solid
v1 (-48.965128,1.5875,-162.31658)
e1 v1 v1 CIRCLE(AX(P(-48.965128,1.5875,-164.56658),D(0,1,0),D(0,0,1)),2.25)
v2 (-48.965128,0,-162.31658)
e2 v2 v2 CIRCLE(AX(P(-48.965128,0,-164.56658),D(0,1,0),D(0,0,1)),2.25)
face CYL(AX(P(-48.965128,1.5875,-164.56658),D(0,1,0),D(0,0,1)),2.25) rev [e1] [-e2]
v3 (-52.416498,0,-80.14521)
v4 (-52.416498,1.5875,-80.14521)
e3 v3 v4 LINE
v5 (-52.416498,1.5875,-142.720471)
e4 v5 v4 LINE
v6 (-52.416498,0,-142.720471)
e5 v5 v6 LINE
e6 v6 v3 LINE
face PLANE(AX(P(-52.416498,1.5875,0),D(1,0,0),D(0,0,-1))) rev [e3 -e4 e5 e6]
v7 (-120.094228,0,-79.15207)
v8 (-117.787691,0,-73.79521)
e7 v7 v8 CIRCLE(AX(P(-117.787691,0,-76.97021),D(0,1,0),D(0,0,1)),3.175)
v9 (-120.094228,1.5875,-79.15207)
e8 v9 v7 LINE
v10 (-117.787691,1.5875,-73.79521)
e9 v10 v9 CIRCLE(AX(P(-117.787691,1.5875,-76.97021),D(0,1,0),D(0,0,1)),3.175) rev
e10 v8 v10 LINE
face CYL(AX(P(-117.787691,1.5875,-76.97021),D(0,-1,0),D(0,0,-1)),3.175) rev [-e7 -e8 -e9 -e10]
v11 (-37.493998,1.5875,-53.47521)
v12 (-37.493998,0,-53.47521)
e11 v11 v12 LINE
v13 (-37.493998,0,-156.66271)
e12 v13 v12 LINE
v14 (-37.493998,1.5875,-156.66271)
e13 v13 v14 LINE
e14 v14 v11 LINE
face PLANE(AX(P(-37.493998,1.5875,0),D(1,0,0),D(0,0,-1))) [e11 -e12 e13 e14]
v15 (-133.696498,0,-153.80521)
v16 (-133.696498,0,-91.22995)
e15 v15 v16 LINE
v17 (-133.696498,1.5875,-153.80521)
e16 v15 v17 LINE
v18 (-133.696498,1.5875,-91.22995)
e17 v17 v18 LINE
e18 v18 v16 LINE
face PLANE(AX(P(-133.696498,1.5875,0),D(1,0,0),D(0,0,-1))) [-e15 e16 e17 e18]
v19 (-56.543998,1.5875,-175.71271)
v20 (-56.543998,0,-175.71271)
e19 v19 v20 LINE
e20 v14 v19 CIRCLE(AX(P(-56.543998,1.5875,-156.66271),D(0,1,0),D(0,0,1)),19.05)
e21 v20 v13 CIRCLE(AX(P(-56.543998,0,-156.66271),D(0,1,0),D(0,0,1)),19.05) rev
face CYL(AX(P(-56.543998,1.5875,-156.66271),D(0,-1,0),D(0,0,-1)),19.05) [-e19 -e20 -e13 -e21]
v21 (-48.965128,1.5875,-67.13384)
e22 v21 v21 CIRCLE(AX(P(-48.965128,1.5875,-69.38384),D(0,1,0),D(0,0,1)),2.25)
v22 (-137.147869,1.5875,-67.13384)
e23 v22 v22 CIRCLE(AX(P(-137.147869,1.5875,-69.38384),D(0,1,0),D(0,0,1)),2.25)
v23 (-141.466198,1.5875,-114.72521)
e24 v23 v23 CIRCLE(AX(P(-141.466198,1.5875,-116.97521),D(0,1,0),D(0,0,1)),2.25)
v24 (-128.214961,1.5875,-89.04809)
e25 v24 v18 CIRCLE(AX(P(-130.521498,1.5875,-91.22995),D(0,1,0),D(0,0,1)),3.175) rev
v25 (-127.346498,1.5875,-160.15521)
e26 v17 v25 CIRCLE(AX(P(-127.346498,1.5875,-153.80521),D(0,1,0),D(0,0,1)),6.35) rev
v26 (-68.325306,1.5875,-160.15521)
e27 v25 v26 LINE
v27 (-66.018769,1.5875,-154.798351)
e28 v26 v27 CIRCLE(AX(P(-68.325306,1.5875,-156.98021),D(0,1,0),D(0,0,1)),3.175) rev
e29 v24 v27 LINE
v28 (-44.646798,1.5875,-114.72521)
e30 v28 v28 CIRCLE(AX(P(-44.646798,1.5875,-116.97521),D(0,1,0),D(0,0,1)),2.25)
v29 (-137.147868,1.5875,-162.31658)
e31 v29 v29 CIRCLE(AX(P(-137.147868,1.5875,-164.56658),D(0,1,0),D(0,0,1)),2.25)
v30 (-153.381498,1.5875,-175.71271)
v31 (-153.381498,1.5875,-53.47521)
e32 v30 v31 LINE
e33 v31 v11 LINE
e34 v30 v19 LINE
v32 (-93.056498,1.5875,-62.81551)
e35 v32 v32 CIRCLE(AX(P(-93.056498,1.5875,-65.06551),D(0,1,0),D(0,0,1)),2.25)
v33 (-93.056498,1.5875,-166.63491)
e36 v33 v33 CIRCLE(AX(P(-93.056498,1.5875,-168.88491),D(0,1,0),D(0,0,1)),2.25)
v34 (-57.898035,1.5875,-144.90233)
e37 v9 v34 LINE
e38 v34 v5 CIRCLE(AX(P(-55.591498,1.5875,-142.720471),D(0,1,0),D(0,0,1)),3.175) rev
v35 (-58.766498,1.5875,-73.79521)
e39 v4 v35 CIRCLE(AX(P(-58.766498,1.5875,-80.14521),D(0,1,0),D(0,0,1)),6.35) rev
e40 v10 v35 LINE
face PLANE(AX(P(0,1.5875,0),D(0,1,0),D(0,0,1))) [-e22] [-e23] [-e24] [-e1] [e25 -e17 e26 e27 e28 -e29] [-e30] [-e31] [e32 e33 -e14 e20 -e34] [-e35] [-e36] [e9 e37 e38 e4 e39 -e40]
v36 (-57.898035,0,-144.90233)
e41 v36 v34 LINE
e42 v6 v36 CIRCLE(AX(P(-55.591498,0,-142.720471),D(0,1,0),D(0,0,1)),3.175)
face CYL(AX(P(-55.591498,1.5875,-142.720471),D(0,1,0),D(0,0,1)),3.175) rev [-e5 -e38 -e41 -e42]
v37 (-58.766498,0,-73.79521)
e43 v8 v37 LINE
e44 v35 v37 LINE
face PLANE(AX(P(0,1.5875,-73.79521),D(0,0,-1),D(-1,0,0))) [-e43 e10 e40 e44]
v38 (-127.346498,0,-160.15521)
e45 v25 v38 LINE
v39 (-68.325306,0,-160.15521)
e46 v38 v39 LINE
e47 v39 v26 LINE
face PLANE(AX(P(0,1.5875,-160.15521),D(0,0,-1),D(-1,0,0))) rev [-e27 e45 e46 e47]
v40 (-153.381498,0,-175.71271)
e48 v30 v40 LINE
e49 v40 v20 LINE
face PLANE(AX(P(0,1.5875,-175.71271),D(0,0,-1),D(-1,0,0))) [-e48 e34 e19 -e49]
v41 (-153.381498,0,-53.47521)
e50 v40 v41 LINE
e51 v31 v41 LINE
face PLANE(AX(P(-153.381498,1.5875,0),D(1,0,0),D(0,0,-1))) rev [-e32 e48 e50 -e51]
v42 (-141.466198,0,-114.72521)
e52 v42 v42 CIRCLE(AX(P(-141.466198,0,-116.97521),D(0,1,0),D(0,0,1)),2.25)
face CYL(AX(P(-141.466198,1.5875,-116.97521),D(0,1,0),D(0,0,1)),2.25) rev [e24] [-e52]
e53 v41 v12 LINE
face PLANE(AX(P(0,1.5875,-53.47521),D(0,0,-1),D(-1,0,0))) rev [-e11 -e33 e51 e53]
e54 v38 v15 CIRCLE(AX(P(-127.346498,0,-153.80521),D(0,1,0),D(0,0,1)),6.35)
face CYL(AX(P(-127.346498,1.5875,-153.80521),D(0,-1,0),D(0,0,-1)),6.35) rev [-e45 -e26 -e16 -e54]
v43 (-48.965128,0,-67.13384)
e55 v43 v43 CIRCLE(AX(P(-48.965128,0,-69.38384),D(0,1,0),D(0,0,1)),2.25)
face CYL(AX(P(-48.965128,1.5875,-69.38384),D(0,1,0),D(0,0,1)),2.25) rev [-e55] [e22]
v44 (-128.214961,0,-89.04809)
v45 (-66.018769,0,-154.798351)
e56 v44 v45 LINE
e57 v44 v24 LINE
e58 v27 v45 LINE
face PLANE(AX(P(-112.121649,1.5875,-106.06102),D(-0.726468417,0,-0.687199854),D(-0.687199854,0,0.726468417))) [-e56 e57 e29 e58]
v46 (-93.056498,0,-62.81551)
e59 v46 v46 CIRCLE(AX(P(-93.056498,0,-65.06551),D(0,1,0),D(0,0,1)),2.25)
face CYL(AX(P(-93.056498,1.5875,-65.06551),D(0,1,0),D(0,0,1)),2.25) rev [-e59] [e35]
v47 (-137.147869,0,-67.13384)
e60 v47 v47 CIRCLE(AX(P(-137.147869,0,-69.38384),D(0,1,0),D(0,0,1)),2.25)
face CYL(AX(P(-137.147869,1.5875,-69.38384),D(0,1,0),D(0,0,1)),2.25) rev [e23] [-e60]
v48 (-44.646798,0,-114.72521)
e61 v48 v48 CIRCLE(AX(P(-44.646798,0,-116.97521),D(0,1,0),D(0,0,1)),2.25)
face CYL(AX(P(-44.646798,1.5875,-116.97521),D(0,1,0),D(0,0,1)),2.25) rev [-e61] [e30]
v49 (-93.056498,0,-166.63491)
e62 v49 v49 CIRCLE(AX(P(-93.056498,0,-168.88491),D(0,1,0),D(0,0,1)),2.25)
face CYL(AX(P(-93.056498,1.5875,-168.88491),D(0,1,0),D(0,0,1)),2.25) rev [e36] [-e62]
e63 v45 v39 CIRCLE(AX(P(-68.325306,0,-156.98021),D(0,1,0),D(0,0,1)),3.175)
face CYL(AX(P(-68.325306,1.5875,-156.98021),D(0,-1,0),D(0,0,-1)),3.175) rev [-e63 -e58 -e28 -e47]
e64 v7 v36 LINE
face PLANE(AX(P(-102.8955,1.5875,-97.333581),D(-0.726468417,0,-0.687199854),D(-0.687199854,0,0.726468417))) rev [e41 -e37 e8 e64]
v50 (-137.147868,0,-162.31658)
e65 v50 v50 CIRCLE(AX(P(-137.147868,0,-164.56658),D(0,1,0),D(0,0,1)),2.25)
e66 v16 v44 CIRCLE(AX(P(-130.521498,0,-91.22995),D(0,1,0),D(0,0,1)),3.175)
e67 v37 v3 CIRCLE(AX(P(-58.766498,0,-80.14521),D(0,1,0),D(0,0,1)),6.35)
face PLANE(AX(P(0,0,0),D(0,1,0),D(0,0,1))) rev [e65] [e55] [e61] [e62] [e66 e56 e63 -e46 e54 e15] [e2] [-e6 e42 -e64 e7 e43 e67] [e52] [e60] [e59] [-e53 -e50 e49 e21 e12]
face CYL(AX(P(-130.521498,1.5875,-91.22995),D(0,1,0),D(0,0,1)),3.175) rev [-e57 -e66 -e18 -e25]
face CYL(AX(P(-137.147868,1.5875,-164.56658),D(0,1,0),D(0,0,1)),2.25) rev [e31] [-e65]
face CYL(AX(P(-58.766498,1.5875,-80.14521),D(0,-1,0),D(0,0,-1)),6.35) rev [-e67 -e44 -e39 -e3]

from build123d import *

# Parameters (mm, degrees)
SKETCH2_W            = 115.8875
SKETCH2_H            = 122.2375
BOSS_EXTRUDE4_DEPTH  = 1.5875
M4_CLEARANCE_HOLE1_D = 4.5
FILLET1_R            = 19.05
FILLET2_R            = 6.35
FILLET3_R            = 3.175


with BuildPart() as part:
    # Sketch2 → Boss-Extrude4 (new body)
    with BuildSketch(Plane(origin=(0, 0, 0), x_dir=(1, 0, 0), z_dir=(0, 1, 0))):
        with Locations((-95.437748261, 114.593960112)):
            Rectangle(SKETCH2_W, SKETCH2_H)
        Polygon((-133.696498261, 160.155210112), (-60.951469128, 160.155210112), (-133.696498261, 83.253322171), align=None, mode=Mode.SUBTRACT)
        Polygon((-52.416498261, 150.697098052), (-52.416498261, 73.795210112), (-125.161527393, 73.795210112), align=None, mode=Mode.SUBTRACT)
    extrude(amount=BOSS_EXTRUDE4_DEPTH)

    # M4 Clearance Hole1 (through all)
    with Locations(Plane(origin=(0, 1.5875, 0), x_dir=(1, 0, 0), z_dir=(0, 1, 0))):
        with Locations((-93.056498261, 65.065510112), (-137.14786851, 69.38383987), (-141.466198251, 116.975210121), (-137.147868492, 164.56658037), (-93.056498242, 168.884910112), (-48.965127993, 164.566580353), (-44.646798251, 116.975210102), (-48.965128011, 69.383839853)):
            Hole(M4_CLEARANCE_HOLE1_D / 2)

    # Fillet1
    fillet1_edges = [part.edges().sort_by_distance(p)[0] for p in [
        (-37.493998261, 0.79375, -175.712710112),
    ]]
    fillet(fillet1_edges, radius=FILLET1_R)

    # Fillet2
    fillet2_edges = [part.edges().sort_by_distance(p)[0] for p in [
        (-133.696498261, 0.79375, -160.155210112),
        (-52.416498261, 0.79375, -73.795210112),
    ]]
    fillet(fillet2_edges, radius=FILLET2_R)

    # Fillet3
    fillet3_edges = [part.edges().sort_by_distance(p)[0] for p in [
        (-133.696498261, 0.79375, -83.253322171),
        (-60.951469128, 0.79375, -160.155210112),
        (-125.161527393, 0.79375, -73.795210112),
        (-52.416498261, 0.79375, -150.697098052),
    ]]
    fillet(fillet3_edges, radius=FILLET3_R)


solid = part.part
